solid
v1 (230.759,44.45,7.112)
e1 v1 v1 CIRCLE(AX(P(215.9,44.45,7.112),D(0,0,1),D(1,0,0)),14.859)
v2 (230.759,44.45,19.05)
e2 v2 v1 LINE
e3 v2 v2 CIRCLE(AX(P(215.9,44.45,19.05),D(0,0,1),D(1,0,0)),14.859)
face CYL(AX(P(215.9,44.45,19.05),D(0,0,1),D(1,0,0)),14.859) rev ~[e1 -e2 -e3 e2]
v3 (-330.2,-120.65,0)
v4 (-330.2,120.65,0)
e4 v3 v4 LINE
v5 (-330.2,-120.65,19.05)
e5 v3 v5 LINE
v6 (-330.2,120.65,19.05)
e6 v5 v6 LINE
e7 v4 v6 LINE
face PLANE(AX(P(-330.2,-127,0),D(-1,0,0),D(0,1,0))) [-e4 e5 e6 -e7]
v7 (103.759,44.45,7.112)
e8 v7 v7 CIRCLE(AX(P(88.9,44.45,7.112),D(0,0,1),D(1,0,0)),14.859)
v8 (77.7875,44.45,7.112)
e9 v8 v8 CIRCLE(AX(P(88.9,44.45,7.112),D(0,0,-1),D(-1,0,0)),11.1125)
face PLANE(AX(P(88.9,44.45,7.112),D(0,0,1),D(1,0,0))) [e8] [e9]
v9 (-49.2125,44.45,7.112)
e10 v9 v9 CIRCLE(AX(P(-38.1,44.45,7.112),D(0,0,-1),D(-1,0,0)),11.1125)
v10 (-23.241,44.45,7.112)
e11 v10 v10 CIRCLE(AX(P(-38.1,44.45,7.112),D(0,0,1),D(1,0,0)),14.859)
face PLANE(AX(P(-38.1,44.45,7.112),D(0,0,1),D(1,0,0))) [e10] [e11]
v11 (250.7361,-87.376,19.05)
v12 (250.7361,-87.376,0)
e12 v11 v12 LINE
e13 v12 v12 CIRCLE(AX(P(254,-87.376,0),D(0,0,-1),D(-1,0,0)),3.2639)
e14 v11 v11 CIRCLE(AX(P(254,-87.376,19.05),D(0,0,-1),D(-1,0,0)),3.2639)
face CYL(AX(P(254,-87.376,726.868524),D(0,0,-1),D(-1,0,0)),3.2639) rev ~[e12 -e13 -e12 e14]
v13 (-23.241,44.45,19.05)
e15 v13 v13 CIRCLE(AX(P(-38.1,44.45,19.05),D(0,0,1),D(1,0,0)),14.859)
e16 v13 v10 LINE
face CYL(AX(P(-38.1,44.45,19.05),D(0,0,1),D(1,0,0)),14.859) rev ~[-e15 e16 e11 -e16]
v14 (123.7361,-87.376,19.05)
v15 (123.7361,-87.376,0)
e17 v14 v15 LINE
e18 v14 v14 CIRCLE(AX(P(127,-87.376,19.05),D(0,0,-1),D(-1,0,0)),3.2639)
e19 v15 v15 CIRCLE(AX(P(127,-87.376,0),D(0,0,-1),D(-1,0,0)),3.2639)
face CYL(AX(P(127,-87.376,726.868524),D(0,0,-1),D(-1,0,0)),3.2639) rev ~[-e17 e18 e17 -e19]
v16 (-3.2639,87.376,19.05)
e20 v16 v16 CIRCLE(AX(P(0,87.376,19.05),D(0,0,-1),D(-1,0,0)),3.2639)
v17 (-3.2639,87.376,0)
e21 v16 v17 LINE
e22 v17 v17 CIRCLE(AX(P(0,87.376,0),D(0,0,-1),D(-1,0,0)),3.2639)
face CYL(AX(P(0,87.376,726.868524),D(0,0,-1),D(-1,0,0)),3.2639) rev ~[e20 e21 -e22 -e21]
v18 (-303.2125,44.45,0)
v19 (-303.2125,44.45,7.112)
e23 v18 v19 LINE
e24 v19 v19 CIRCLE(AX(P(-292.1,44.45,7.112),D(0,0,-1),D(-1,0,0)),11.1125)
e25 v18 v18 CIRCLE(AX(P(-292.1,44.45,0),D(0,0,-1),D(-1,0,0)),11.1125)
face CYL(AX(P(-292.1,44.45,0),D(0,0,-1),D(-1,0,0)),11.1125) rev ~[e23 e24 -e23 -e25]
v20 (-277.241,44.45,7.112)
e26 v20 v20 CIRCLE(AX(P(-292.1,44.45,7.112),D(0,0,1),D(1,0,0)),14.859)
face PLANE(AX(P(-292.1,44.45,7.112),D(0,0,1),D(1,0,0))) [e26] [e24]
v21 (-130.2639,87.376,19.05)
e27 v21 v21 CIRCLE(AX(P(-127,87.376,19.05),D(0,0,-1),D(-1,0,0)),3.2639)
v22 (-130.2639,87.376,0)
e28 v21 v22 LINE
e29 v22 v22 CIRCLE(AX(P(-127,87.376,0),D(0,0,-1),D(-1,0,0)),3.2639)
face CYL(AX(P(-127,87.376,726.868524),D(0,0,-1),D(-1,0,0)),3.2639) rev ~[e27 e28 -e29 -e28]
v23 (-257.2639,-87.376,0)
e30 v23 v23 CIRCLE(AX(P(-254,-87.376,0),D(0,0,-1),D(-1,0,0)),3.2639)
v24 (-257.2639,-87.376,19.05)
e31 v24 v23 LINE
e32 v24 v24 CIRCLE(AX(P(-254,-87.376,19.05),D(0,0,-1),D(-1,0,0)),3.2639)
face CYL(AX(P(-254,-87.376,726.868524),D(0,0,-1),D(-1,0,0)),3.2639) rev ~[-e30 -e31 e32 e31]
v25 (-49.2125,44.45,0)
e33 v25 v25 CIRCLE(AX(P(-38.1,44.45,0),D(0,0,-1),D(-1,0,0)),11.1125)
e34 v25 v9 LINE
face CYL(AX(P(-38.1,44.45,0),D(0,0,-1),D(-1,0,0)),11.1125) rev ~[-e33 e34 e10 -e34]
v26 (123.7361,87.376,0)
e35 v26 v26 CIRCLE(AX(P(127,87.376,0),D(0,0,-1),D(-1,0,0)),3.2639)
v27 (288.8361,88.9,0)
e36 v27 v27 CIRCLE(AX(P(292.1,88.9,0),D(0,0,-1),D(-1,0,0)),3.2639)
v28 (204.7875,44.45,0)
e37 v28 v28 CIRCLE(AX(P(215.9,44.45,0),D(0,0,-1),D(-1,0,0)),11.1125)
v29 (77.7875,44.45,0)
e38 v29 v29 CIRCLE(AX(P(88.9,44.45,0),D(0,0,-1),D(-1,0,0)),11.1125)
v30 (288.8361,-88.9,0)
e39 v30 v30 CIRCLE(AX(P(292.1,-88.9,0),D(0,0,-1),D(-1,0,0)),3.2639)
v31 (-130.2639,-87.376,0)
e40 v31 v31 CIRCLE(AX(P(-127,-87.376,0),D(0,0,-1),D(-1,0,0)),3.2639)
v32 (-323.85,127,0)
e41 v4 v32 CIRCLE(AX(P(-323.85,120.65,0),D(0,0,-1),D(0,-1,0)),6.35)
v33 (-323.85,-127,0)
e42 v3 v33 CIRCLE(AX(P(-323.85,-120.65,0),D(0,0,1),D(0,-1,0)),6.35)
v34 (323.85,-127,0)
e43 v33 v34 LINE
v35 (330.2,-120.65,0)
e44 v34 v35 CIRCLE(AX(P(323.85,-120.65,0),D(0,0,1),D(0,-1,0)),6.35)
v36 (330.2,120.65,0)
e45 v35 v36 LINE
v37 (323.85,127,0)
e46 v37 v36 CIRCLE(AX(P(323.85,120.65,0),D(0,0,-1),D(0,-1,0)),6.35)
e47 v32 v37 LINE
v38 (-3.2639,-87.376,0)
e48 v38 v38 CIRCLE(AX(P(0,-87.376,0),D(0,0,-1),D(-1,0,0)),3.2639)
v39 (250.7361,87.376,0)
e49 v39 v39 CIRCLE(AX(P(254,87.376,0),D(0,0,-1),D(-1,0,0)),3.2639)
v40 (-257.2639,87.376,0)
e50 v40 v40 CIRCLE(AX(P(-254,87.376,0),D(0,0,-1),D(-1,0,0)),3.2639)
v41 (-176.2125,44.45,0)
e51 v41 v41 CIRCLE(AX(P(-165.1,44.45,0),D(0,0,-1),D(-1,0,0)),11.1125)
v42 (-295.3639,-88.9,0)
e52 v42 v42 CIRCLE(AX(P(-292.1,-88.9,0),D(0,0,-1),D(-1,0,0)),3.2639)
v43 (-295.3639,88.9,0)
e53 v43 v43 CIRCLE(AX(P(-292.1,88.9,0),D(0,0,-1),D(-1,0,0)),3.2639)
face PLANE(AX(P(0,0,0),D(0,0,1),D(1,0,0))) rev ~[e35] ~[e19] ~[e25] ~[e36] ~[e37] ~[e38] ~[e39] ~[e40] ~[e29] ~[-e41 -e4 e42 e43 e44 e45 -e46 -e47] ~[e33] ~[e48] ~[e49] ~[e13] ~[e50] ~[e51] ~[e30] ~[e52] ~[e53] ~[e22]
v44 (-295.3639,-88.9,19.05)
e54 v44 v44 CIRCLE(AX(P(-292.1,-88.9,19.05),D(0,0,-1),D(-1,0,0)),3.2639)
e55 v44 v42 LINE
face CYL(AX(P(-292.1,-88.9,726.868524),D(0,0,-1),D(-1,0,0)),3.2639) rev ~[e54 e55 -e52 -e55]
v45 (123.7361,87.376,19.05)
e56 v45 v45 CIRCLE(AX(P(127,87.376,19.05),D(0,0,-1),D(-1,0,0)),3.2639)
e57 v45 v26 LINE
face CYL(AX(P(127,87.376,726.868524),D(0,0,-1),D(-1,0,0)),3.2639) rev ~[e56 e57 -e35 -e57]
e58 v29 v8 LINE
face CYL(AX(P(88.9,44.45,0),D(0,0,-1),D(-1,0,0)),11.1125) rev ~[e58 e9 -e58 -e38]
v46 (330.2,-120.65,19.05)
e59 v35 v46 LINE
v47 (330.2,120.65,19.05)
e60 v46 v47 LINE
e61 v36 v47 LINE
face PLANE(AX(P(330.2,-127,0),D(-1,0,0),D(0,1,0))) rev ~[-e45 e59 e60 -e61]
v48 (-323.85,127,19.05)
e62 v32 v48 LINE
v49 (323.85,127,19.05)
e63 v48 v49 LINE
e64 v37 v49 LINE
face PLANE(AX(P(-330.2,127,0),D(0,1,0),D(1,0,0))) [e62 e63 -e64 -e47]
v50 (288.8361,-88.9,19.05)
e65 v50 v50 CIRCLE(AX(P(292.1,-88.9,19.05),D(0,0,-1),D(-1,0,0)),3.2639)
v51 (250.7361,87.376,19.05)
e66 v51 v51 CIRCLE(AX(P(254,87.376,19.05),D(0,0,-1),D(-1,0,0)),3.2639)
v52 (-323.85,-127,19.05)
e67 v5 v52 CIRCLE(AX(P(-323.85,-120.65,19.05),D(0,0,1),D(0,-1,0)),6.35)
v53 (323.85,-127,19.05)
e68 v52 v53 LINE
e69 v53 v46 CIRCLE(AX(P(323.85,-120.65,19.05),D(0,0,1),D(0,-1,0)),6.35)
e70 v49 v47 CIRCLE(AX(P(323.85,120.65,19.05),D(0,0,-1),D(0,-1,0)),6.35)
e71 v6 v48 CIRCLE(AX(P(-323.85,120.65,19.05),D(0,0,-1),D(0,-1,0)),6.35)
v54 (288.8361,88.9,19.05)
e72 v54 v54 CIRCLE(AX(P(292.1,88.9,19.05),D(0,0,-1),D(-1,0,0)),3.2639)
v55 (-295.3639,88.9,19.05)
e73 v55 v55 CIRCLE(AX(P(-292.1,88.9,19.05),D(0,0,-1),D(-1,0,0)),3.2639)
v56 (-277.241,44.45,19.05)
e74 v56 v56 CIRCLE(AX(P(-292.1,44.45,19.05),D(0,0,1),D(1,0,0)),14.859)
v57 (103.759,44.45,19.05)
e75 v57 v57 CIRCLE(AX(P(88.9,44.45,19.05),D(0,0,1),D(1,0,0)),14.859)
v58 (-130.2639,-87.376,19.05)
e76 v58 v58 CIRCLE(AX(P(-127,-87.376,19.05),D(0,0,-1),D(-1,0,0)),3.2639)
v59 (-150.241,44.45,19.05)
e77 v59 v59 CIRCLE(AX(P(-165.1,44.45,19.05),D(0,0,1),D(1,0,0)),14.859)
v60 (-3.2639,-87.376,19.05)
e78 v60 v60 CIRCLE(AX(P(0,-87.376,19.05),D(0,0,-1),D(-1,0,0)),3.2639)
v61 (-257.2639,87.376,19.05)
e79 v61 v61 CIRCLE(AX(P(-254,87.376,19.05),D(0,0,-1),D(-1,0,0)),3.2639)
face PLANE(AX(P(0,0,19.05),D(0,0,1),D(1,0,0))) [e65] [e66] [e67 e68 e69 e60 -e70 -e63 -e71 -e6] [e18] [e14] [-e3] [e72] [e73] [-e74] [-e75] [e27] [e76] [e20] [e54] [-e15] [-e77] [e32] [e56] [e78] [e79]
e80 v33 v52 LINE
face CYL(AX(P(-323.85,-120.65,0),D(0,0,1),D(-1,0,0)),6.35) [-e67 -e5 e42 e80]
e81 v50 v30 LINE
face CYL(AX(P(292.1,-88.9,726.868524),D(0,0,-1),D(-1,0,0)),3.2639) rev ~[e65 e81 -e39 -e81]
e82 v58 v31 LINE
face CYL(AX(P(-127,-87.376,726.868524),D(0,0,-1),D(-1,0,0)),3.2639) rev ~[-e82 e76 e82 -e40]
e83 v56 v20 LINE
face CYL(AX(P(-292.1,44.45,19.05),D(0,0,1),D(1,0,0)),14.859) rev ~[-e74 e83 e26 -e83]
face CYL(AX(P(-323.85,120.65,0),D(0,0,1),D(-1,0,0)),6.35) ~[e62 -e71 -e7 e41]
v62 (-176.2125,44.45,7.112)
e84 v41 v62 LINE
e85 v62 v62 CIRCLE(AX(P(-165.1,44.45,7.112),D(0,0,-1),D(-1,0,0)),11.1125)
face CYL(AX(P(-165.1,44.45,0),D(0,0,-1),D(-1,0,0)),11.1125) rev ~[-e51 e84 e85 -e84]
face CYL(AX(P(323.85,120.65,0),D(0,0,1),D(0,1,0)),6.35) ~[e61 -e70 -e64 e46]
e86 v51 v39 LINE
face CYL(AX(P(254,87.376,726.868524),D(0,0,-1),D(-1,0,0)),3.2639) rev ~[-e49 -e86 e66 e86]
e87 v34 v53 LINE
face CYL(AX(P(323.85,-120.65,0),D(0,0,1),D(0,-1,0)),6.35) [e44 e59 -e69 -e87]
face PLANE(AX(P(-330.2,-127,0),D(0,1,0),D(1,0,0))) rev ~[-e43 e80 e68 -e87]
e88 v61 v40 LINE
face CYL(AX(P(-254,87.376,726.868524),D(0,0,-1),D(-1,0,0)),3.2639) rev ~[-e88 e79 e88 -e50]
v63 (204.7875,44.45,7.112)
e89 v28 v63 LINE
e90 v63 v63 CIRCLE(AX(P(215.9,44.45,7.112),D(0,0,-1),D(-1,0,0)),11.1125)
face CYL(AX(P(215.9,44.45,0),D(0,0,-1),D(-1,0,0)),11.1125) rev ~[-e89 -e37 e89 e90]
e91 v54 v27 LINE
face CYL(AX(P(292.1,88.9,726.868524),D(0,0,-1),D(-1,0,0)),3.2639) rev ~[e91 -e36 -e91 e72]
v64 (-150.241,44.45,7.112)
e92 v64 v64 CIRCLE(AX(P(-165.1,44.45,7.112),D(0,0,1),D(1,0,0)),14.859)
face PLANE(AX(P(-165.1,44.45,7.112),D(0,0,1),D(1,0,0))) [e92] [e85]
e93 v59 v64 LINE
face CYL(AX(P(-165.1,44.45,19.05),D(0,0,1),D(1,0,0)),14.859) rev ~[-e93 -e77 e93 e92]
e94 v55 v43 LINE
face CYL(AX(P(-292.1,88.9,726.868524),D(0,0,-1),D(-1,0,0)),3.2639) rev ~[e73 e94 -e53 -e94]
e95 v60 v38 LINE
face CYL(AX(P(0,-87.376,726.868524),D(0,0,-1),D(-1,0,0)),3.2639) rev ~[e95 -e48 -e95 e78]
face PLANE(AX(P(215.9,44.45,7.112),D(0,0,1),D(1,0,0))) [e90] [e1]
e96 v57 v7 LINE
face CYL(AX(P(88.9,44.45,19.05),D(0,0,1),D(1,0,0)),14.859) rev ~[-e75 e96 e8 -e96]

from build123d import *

# Parameters (mm, degrees)
SKETCH2_W               = 660.4
SKETCH2_H               = 254
BOSS_EXTRUDE1_DEPTH     = 19.05
F_1_4_CLEARANCE_HOLE1_D = 6.5278
FILLET1_R               = 6.35
F_1_4_CLEARANCE_HOLE2_D = 6.5278
SKETCH10_R              = 11.1125
CUT_EXTRUDE1_DEPTH      = 355.293582358
SKETCH12_R              = 14.859
CUT_EXTRUDE2_DEPTH      = 11.938


with BuildPart() as part:
    # Sketch2 → Boss-Extrude1 (new body)
    with BuildSketch(Plane.XY):
        Rectangle(SKETCH2_W, SKETCH2_H)
    extrude(amount=BOSS_EXTRUDE1_DEPTH)

    # 1/4 Clearance Hole1 (through all)
    with Locations(Plane.XY.offset(19.05)):
        with Locations((-254, -87.376), (-254, 87.376), (-127, 87.376), (0, 87.376), (127, 87.376), (254, 87.376), (-127, -87.376), (0, -87.376), (127, -87.376), (254, -87.376)):
            Hole(F_1_4_CLEARANCE_HOLE1_D / 2)

    # Fillet1
    fillet1_edges = [part.edges().sort_by_distance(p)[0] for p in [
        (330.2, -127, 9.525),
        (-330.2, -127, 9.525),
        (-330.2, 127, 9.525),
        (330.2, 127, 9.525),
    ]]
    fillet(fillet1_edges, radius=FILLET1_R)

    # 1/4 Clearance Hole2 (through all)
    with Locations(Plane.XY.offset(19.05)):
        with Locations((-292.1, 88.9), (292.1, -88.9), (-292.1, -88.9), (292.1, 88.9)):
            Hole(F_1_4_CLEARANCE_HOLE2_D / 2)

    # Sketch10 → Cut-Extrude1 (cut, through all)
    with BuildSketch(Plane(origin=(0, 0, 0), x_dir=(-1, 0, 0), z_dir=(0, 0, -1))):
        with Locations((-215.9, 44.45)):
            Circle(SKETCH10_R)
        with Locations((-88.9, 44.45)):
            Circle(SKETCH10_R)
        with Locations((38.1, 44.45)):
            Circle(SKETCH10_R)
        with Locations((165.1, 44.45)):
            Circle(SKETCH10_R)
        with Locations((292.1, 44.45)):
            Circle(SKETCH10_R)
    extrude(amount=-CUT_EXTRUDE1_DEPTH, mode=Mode.SUBTRACT)

    # Sketch12 → Cut-Extrude2 (cut)
    with BuildSketch(Plane.XY.offset(19.05)):
        with Locations((-292.1, 44.45)):
            Circle(SKETCH12_R)
        with Locations((-165.1, 44.45)):
            Circle(SKETCH12_R)
        with Locations((-38.1, 44.45)):
            Circle(SKETCH12_R)
        with Locations((88.9, 44.45)):
            Circle(SKETCH12_R)
        with Locations((215.9, 44.45)):
            Circle(SKETCH12_R)
    extrude(amount=-CUT_EXTRUDE2_DEPTH, mode=Mode.SUBTRACT)


solid = part.part
